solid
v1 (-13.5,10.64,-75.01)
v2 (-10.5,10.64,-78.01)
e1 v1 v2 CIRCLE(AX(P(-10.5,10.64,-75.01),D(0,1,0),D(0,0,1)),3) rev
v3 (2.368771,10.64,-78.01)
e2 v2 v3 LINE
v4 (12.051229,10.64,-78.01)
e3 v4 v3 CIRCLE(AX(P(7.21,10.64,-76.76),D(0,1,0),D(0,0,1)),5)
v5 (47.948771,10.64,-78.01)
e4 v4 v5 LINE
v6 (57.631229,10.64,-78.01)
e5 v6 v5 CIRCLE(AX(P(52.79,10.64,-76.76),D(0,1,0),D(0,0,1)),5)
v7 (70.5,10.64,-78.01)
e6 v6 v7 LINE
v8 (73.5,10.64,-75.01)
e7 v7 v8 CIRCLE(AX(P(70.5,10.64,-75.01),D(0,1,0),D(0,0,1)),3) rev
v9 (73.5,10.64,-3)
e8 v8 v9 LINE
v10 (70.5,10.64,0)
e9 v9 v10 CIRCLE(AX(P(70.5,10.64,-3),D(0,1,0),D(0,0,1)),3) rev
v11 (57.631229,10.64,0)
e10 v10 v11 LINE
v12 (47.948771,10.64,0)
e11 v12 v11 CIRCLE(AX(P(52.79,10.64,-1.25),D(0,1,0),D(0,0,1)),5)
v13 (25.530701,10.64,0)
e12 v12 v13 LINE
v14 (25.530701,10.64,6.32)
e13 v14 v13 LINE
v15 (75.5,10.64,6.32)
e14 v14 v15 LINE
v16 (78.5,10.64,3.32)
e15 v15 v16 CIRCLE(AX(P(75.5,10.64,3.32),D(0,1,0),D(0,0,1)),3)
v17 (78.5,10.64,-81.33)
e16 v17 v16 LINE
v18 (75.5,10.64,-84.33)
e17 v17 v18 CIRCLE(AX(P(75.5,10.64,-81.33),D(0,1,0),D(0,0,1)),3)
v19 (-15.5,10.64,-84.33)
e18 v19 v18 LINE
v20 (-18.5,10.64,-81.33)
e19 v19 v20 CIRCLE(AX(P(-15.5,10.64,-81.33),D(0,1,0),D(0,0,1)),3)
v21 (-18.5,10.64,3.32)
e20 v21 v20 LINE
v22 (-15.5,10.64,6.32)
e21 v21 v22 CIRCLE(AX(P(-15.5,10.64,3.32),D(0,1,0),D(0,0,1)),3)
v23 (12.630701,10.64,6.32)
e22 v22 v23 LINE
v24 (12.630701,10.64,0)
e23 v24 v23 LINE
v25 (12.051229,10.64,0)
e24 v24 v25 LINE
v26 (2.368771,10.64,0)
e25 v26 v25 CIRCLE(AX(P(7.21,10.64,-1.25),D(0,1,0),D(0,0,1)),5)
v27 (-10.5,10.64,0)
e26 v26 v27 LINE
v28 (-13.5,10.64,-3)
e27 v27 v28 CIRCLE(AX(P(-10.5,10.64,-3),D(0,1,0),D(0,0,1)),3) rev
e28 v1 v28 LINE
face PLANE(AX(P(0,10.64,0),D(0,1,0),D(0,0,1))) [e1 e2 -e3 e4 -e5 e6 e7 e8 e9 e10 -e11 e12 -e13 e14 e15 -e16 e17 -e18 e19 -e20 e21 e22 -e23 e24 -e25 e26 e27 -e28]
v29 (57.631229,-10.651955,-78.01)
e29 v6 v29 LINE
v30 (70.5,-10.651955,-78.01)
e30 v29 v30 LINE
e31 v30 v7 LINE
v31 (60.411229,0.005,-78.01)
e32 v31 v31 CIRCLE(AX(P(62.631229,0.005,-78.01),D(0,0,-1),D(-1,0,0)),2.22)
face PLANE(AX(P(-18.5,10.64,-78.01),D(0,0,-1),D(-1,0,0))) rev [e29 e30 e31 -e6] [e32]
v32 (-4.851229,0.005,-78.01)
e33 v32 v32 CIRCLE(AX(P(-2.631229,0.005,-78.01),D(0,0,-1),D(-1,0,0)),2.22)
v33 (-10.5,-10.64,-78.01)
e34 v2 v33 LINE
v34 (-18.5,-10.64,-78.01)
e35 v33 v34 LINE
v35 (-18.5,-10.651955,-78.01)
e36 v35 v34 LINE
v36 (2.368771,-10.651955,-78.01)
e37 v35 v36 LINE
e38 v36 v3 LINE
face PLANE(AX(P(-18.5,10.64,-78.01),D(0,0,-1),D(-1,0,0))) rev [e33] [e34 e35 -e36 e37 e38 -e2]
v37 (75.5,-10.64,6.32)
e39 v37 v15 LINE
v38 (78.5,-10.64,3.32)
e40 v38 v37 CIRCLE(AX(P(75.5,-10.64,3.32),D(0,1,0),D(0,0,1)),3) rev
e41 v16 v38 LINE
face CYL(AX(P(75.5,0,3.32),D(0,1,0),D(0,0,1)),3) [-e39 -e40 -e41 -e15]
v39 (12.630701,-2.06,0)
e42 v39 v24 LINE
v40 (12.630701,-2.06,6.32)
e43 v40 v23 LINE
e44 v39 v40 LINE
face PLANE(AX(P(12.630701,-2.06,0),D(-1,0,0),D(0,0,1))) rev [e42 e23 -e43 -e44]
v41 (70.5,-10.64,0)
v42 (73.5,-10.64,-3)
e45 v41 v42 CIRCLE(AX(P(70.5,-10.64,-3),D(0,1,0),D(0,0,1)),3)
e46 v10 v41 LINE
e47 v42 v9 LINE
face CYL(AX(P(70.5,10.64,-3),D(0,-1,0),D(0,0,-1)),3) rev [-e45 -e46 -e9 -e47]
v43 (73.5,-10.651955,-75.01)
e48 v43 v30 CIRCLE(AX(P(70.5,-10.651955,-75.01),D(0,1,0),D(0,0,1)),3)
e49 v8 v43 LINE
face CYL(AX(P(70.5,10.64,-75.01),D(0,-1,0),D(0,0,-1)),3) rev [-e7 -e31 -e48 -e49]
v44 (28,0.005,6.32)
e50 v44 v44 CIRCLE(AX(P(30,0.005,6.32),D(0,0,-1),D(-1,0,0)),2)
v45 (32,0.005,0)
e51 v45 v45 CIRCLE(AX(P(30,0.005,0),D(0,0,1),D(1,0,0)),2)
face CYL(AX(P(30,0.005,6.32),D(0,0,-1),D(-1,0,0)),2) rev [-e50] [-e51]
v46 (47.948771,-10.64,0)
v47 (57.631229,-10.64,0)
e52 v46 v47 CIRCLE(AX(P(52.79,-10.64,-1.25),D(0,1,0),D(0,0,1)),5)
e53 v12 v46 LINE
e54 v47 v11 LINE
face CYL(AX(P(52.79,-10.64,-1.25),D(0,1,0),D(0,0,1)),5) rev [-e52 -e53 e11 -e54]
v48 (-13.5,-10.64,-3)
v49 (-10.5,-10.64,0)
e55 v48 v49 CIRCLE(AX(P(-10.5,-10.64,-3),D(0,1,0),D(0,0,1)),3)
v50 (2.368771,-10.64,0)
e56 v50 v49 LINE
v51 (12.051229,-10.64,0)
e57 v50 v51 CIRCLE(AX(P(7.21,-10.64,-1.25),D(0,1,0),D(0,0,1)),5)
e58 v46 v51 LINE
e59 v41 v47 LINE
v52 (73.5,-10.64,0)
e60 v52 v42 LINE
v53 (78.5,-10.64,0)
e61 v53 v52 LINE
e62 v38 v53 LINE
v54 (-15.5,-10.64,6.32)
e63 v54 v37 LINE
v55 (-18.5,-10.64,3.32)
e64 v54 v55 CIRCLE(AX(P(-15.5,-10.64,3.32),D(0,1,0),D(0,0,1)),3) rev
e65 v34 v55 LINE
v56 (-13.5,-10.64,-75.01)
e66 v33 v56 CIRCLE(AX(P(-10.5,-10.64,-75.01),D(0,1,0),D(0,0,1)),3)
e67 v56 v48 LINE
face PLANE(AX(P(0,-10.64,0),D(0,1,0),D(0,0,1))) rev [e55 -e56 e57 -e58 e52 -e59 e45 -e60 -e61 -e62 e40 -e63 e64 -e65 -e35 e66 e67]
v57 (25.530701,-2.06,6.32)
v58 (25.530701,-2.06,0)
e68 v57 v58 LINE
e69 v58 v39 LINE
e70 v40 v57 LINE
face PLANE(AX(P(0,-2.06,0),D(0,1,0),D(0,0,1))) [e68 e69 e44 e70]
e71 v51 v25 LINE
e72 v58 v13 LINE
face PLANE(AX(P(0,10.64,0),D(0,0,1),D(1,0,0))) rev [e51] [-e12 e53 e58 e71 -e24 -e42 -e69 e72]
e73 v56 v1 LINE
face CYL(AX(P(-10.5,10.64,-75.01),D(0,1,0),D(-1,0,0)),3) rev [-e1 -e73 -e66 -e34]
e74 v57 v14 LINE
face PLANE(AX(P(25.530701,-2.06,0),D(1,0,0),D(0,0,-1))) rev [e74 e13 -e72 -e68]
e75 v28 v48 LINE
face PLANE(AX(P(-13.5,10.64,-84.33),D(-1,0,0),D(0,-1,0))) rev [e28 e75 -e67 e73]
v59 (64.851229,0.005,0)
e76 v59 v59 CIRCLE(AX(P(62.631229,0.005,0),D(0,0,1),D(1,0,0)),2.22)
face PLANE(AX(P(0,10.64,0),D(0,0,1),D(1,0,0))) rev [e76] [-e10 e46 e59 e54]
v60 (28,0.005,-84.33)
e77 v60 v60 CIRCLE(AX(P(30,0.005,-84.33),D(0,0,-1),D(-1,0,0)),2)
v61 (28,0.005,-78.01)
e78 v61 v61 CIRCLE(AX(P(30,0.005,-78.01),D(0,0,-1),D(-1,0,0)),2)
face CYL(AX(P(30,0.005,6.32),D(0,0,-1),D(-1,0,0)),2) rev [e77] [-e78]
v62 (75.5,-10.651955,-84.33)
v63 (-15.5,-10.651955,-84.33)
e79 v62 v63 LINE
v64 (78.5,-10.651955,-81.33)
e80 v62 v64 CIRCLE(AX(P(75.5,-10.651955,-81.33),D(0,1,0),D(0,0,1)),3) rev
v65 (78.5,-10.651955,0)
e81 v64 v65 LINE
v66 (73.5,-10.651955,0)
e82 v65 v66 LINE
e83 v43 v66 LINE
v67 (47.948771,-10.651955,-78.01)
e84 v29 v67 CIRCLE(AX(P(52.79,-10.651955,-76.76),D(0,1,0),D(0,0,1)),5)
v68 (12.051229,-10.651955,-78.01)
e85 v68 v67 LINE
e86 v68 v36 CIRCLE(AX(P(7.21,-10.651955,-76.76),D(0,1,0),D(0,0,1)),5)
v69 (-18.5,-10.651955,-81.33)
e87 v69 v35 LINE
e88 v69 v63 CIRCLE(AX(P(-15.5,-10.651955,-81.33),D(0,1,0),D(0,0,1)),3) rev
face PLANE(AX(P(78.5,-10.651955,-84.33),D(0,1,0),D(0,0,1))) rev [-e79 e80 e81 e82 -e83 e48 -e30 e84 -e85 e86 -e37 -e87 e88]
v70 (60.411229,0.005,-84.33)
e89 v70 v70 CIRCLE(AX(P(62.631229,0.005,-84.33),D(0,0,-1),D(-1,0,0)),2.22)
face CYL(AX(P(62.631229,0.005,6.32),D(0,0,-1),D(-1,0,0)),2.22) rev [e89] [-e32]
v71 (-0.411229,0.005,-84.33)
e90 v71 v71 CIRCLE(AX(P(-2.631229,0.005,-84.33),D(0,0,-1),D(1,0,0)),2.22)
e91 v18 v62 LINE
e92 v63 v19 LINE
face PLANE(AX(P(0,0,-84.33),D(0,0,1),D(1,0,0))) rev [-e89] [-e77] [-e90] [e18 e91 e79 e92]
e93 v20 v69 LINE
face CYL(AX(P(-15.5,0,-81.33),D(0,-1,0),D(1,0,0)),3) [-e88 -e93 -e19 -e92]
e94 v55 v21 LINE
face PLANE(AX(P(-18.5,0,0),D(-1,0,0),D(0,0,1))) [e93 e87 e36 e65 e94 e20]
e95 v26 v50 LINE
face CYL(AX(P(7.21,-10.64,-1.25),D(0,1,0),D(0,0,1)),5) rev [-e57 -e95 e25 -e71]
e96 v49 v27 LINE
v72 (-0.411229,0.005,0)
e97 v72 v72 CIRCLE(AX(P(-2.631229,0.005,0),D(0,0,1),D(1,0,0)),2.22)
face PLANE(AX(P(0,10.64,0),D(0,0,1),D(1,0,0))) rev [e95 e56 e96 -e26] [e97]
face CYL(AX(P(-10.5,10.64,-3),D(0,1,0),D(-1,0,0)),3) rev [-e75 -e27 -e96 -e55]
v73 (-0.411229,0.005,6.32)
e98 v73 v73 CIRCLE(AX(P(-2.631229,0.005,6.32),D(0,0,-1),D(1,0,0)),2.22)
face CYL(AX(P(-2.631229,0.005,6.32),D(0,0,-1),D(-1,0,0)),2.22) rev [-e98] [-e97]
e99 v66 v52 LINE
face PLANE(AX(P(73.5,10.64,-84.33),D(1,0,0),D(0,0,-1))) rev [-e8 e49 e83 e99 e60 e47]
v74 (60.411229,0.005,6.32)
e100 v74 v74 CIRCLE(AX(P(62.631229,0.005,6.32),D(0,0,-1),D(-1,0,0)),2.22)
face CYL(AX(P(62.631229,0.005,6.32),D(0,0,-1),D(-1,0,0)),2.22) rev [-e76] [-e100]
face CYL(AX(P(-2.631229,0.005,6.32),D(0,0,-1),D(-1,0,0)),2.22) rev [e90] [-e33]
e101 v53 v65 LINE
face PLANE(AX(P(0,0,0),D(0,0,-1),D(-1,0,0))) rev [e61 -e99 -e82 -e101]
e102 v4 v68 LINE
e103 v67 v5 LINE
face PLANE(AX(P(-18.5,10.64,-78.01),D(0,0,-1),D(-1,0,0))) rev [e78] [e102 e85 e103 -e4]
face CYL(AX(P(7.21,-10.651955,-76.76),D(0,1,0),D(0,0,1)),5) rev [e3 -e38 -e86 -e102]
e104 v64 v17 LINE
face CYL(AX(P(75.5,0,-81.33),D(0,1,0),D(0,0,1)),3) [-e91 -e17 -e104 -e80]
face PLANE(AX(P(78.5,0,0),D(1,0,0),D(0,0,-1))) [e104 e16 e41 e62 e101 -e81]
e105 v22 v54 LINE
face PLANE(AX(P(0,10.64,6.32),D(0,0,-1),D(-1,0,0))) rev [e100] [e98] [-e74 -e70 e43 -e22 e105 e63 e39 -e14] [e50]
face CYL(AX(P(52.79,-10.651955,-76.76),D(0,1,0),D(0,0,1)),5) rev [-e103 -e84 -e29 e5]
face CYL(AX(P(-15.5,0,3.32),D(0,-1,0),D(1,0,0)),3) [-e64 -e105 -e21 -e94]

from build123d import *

# Parameters (mm, degrees)
SKETCH1_W           = 60
SKETCH1_H           = 6.32
BOSS_EXTRUDE1_DEPTH = 10.64
SKETCH2_R           = 5
CUT_EXTRUDE1_DEPTH  = 64.974845056
SKETCH3_W           = 6.32
SKETCH3_H           = 21.28
BOSS_EXTRUDE2_DEPTH = 18.5
SKETCH4_W           = 6.32
SKETCH4_H           = 21.28
BOSS_EXTRUDE3_DEPTH = 18.5
SKETCH5_W           = 5
SKETCH5_H           = 21.28
BOSS_EXTRUDE6_DEPTH = 84.33
SKETCH6_W           = 5
SKETCH6_H           = 21.291954735
BOSS_EXTRUDE7_DEPTH = 84.33
SKETCH7_W           = 6.32
SKETCH7_H           = 21.291954735
BOSS_EXTRUDE8_DEPTH = 92
SKETCH9_R           = 5
CUT_EXTRUDE2_DEPTH  = 118.162904694
SKETCH10_R          = 2.22
CUT_EXTRUDE3_DEPTH  = 121.387443862
FILLET1_R           = 3
SKETCH13_R          = 2
CUT_EXTRUDE4_DEPTH  = 121.387443862
SKETCH14_W          = 12.9
SKETCH14_H          = 6.32
CUT_EXTRUDE5_DEPTH  = 12.7


with BuildPart() as part:
    # Sketch1 → Boss-Extrude1 (new, symmetric)
    with BuildSketch(Plane(origin=(0, 0, 0), x_dir=(1, 0, 0), z_dir=(0, 1, 0))):
        with Locations((30, -3.16)):
            Rectangle(SKETCH1_W, SKETCH1_H)
    extrude(amount=BOSS_EXTRUDE1_DEPTH, both=True)

    # Sketch2 → Cut-Extrude1 (cut, through all)
    with BuildSketch(Plane(origin=(0, 10.64, 0), x_dir=(1, 0, 0), z_dir=(0, 1, 0))):
        with Locations((7.21, 1.25)):
            Circle(SKETCH2_R)
        with Locations((52.79, 1.25)):
            Circle(SKETCH2_R)
    extrude(amount=-CUT_EXTRUDE1_DEPTH, mode=Mode.SUBTRACT)

    # Sketch3 → Boss-Extrude2 (add)
    with BuildSketch(Plane(origin=(60, 0, 0), x_dir=(0, 0, -1), z_dir=(1, 0, 0))):
        with Locations((-3.16, 0)):
            Rectangle(SKETCH3_W, SKETCH3_H)
    extrude(amount=BOSS_EXTRUDE2_DEPTH)

    # Sketch4 → Boss-Extrude3 (add)
    with BuildSketch(Plane.ZY):
        with Locations((3.16, 0)):
            Rectangle(SKETCH4_W, SKETCH4_H)
    extrude(amount=BOSS_EXTRUDE3_DEPTH)

    # Sketch5 → Boss-Extrude6 (add)
    with BuildSketch(Plane(origin=(0, 0, 0), x_dir=(-1, 0, 0), z_dir=(0, 0, -1))):
        with Locations((16, 0)):
            Rectangle(SKETCH5_W, SKETCH5_H)
    extrude(amount=BOSS_EXTRUDE6_DEPTH)

    # Sketch6 → Boss-Extrude7 (add)
    with BuildSketch(Plane(origin=(0, 0, 0), x_dir=(-1, 0, 0), z_dir=(0, 0, -1))):
        with Locations((-76, -0.005977367)):
            Rectangle(SKETCH6_W, SKETCH6_H)
    extrude(amount=BOSS_EXTRUDE7_DEPTH)

    # Sketch7 → Boss-Extrude8 (add, through all)
    with BuildSketch(Plane.ZY.offset(-73.5)):
        with Locations((-81.17, -0.005977367)):
            Rectangle(SKETCH7_W, SKETCH7_H)
    extrude(amount=BOSS_EXTRUDE8_DEPTH)

    # Sketch9 → Cut-Extrude2 (cut, through all)
    with BuildSketch(Plane(origin=(0, 10.64, 0), x_dir=(1, 0, 0), z_dir=(0, 1, 0))):
        with Locations((7.21, 76.76)):
            Circle(SKETCH9_R)
        with Locations((52.79, 76.76)):
            Circle(SKETCH9_R)
    extrude(amount=-CUT_EXTRUDE2_DEPTH, mode=Mode.SUBTRACT)

    # Sketch10 → Cut-Extrude3 (cut, through all)
    with BuildSketch(Plane(origin=(0, 0, -84.33), x_dir=(-1, 0, 0), z_dir=(0, 0, -1))):
        with Locations((-62.631229183, 0.005)):
            Circle(SKETCH10_R)
        with Locations((2.631229183, 0.005)):
            Circle(SKETCH10_R)
    extrude(amount=-CUT_EXTRUDE3_DEPTH, mode=Mode.SUBTRACT)

    # Fillet1
    fillet1_edges = [part.edges().sort_by_distance(p)[0] for p in [
        (78.5, 0, 6.32),
        (-18.5, 0, 6.32),
        (-13.5, 0, 0),
        (-18.5, -0.005977367, -84.33),
        (73.5, 0, 0),
        (78.5, -0.005977367, -84.33),
        (-13.5, 0, -78.01),
        (73.5, -0.005977367, -78.01),
    ]]
    fillet(fillet1_edges, radius=FILLET1_R)

    # Sketch13 → Cut-Extrude4 (cut, through all)
    with BuildSketch(Plane(origin=(0, 0, -84.33), x_dir=(-1, 0, 0), z_dir=(0, 0, -1))):
        with Locations((-30, 0.005)):
            Circle(SKETCH13_R)
    extrude(amount=-CUT_EXTRUDE4_DEPTH, mode=Mode.SUBTRACT)

    # Sketch14 → Cut-Extrude5 (cut, symmetric)
    with BuildSketch(Plane(origin=(0, 10.64, 0), x_dir=(1, 0, 0), z_dir=(0, 1, 0))):
        with Locations((19.080701294, -3.16)):
            Rectangle(SKETCH14_W, SKETCH14_H)
    extrude(amount=CUT_EXTRUDE5_DEPTH, both=True, mode=Mode.SUBTRACT)


solid = part.part
